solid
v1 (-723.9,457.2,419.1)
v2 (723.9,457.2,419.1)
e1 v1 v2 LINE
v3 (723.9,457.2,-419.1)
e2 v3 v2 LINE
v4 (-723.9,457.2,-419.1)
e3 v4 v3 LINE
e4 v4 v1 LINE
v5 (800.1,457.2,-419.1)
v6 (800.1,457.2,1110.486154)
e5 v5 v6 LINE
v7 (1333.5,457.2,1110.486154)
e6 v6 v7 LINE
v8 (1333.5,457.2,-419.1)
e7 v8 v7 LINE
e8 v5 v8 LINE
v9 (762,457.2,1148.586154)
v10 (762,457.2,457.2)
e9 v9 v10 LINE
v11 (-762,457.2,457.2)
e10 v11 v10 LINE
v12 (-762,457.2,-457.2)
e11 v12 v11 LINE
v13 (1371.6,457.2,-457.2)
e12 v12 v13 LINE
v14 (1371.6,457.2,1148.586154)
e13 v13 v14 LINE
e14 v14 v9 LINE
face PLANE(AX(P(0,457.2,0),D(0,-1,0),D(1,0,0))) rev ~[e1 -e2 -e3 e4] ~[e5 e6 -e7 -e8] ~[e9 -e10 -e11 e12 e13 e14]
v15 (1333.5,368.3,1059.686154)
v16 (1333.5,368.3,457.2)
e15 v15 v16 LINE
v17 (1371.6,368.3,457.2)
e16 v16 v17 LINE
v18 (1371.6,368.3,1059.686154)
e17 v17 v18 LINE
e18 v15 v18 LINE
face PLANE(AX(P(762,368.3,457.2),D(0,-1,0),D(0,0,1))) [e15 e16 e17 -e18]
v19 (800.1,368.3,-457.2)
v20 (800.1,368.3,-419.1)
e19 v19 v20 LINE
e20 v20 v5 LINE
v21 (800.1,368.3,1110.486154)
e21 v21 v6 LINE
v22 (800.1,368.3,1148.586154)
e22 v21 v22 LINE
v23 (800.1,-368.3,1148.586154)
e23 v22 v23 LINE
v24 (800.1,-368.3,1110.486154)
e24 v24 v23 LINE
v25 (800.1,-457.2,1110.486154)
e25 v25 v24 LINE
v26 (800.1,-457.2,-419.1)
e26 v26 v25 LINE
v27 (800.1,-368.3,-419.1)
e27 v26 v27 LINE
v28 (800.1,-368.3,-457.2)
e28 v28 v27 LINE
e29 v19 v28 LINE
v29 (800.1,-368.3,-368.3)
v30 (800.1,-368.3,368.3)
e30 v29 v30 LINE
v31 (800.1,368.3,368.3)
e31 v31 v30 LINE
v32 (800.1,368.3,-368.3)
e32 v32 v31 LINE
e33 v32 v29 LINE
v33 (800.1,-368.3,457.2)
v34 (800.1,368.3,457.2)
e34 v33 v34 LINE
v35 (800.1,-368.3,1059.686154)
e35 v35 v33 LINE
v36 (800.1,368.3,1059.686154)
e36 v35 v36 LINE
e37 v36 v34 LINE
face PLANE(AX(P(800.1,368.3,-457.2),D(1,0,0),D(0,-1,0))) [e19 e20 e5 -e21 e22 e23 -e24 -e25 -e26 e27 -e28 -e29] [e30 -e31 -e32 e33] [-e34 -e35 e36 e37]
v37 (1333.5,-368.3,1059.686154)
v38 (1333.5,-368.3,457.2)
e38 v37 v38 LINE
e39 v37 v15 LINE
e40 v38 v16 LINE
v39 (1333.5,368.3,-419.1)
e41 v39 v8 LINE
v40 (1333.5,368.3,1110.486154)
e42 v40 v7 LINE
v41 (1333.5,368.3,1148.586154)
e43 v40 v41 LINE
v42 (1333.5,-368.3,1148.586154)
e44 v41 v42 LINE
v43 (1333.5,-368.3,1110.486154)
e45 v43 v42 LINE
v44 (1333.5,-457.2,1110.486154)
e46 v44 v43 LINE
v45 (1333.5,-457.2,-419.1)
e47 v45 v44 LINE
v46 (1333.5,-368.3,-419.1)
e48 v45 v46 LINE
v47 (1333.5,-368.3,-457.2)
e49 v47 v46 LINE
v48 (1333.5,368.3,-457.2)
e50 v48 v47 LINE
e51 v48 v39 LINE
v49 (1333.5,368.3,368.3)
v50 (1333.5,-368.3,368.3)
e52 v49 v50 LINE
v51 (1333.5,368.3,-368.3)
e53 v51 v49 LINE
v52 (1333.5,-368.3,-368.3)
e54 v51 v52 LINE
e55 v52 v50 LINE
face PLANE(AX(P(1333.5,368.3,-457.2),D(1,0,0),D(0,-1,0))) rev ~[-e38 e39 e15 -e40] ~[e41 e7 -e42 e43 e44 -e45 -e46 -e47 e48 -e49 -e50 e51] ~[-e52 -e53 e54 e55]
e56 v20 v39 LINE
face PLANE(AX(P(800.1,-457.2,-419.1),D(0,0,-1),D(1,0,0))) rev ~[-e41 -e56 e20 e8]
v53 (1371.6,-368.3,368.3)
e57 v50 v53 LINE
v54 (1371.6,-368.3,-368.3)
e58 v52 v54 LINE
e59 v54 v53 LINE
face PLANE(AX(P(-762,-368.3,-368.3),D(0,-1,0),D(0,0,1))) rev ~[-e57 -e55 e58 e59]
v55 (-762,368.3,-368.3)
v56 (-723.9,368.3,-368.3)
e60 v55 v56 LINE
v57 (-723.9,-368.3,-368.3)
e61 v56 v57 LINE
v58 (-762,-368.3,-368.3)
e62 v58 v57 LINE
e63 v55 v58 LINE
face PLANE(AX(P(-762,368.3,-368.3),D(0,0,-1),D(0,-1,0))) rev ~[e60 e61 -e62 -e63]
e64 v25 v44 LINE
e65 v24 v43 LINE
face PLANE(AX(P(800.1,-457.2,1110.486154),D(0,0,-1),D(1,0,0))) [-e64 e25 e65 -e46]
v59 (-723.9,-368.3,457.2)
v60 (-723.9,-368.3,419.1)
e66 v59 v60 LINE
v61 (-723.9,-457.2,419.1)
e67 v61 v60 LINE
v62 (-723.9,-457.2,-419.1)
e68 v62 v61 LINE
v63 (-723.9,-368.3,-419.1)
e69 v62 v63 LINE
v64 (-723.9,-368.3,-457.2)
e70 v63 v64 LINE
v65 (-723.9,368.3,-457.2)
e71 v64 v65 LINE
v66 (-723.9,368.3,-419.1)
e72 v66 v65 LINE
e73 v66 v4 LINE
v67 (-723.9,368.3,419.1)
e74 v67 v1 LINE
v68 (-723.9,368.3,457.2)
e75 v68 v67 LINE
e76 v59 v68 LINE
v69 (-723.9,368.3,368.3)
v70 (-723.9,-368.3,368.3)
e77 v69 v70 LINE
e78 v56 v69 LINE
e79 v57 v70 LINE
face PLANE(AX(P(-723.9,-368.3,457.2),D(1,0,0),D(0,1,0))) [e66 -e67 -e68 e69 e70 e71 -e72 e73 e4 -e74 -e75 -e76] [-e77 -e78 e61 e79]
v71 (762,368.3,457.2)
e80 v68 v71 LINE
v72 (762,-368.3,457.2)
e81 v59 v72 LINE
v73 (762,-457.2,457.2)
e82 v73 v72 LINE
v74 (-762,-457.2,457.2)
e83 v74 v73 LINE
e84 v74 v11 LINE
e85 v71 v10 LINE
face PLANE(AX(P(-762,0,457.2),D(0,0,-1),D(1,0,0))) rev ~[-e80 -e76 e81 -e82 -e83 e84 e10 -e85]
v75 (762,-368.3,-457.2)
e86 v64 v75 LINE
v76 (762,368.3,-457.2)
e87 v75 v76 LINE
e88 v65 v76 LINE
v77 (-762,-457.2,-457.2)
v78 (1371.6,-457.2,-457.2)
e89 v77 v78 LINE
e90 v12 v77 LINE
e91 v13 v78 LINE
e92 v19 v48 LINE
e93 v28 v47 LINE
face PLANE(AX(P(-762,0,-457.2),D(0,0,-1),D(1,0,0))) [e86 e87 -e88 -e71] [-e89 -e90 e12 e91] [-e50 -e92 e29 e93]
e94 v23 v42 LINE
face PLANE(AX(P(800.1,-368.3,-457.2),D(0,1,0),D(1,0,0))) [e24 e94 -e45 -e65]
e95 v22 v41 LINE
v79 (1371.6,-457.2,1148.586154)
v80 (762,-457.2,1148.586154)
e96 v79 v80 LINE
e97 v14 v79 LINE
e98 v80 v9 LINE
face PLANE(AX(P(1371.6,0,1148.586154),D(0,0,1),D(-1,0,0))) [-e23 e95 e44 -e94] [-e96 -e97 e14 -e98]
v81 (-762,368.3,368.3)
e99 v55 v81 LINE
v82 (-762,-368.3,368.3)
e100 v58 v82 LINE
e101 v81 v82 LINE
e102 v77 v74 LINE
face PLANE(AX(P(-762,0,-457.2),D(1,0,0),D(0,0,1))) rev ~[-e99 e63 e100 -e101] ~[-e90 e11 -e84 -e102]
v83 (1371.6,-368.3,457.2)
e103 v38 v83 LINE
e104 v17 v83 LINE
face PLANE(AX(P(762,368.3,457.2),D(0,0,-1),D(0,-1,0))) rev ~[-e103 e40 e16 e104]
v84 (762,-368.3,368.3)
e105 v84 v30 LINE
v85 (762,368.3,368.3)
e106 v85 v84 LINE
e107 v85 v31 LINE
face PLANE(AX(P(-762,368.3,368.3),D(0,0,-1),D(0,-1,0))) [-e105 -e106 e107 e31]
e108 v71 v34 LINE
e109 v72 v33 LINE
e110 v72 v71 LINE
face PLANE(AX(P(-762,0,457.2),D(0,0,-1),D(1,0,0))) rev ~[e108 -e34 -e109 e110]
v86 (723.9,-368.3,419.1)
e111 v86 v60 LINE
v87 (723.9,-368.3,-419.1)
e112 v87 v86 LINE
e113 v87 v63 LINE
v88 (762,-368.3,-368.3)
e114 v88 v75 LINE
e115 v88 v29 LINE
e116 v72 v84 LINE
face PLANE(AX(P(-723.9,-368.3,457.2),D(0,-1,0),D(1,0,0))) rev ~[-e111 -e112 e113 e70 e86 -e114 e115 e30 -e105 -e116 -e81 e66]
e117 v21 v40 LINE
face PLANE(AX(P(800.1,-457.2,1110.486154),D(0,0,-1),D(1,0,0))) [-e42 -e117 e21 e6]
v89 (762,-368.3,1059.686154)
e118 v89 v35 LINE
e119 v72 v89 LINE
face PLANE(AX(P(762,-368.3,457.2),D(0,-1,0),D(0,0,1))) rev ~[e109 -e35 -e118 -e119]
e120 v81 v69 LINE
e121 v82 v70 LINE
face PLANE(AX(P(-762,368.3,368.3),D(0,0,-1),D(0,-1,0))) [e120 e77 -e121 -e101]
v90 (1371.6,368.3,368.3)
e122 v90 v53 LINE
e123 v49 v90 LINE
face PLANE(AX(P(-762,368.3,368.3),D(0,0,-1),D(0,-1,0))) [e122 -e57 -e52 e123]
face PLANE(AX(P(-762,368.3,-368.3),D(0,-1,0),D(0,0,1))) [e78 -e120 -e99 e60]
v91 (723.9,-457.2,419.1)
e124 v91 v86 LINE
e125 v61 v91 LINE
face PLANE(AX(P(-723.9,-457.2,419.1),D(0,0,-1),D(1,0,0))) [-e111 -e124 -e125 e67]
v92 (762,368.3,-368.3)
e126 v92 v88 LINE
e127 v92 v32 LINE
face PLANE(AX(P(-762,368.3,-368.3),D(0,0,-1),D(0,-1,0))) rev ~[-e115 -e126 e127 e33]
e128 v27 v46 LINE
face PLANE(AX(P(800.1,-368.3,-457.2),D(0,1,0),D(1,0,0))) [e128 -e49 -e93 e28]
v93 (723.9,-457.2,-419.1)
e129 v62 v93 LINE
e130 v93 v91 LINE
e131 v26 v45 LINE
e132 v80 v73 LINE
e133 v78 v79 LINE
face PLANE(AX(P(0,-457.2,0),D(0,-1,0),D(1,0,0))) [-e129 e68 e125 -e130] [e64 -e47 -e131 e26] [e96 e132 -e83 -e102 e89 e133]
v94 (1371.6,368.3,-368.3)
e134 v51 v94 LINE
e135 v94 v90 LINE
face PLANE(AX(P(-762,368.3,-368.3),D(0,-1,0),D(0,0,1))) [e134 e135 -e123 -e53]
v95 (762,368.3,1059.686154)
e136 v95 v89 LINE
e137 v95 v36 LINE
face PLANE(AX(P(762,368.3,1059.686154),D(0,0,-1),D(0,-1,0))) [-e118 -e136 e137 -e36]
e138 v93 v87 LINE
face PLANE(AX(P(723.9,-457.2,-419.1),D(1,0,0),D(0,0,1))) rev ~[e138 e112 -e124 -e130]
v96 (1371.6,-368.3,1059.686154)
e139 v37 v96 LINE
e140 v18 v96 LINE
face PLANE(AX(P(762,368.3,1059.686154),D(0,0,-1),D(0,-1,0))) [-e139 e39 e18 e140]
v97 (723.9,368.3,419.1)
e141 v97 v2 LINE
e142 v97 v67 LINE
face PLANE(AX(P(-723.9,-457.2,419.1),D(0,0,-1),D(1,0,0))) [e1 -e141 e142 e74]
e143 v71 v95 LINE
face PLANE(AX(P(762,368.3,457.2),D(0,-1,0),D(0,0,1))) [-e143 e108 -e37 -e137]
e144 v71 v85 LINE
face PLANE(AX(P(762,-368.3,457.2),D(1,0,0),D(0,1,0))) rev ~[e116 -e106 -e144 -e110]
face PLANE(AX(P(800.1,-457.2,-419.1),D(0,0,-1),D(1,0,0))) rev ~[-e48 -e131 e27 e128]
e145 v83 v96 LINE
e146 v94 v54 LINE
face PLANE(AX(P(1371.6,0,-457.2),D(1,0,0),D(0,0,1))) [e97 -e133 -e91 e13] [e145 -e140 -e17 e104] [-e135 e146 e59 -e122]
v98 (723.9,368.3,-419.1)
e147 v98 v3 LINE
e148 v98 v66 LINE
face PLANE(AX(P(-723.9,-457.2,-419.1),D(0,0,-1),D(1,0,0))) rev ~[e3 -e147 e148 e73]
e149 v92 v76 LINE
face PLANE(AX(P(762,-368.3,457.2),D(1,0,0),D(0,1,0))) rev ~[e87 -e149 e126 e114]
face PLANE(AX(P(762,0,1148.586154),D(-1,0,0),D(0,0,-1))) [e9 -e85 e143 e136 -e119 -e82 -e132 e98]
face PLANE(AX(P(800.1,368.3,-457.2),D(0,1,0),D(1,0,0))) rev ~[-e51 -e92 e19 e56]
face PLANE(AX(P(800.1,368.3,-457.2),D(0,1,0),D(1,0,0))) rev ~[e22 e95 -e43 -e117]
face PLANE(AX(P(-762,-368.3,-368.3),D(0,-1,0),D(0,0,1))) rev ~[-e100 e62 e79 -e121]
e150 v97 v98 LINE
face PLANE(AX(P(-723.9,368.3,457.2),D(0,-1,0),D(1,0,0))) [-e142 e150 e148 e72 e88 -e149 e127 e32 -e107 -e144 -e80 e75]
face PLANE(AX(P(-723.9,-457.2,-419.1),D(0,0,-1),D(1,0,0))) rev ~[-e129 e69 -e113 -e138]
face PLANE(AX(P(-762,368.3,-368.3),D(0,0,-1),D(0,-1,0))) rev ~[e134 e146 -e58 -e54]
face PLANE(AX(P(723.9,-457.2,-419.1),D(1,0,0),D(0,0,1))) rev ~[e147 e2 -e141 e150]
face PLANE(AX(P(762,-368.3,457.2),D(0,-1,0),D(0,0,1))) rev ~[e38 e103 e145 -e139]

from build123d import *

# Parameters (mm, degrees)
F0_W      = 1524
F0_H      = 914.4
F1_DEPTH  = 457.2
F2_W      = 736.6
F2_H      = 736.6
F3_DEPTH  = 2133.6
F4_W      = 1447.8
F4_H      = 838.2
F4_W_2    = 533.4
F4_H_2    = 1529.586154
F5_DEPTH  = 914.4
F6_W      = 736.6
F6_H      = 602.486154
F7_DEPTH  = 609.6
F8_W      = 1485.9
F8_H      = 736.6
F9_DEPTH  = 914.4
F10_DEPTH = 914.4
F11_W     = 533.4
F11_H     = 736.6
F12_DEPTH = 1605.786154


with BuildPart() as f1:
    # F0 (on Front) → F1 (new body, symmetric)
    with BuildSketch(Plane.XZ):
        Rectangle(F0_W, F0_H)
        Polygon((762, 1148.586154), (762, 457.2), (762, -457.2), (1371.6, -457.2), (1371.6, 1148.586154), align=None)
    extrude(amount=F1_DEPTH, both=True)

    # F2 (on face) → F3 (cut, through all)
    with BuildSketch(Plane(origin=(-762, 0, 0), x_dir=(0, -1, 0), z_dir=(-1, 0, 0))):
        Rectangle(F2_W, F2_H)
    extrude(amount=-F3_DEPTH, mode=Mode.SUBTRACT)

    # F4 (on face) → F5 (cut, through all)
    with BuildSketch(Plane.XZ.offset(457.2)):
        Rectangle(F4_W, F4_H)
        with Locations((1066.8, 345.693077)):
            Rectangle(F4_W_2, F4_H_2)
    extrude(amount=-F5_DEPTH, mode=Mode.SUBTRACT)

    # F6 (on face) → F7 (cut, through all)
    with BuildSketch(Plane(origin=(762, 0, 0), x_dir=(0, -1, 0), z_dir=(-1, 0, 0))):
        with Locations((0, 758.443077)):
            Rectangle(F6_W, F6_H)
    extrude(amount=-F7_DEPTH, mode=Mode.SUBTRACT)

    # F8 (on face) → F9 (cut, through all)
    with BuildSketch(Plane.XY.offset(457.2)):
        with Locations((19.05, 0)):
            Rectangle(F8_W, F8_H)
    extrude(amount=-F9_DEPTH, mode=Mode.SUBTRACT)

    # F8 (on face) → F10 (cut, through all)
    with BuildSketch(Plane.XY.offset(457.2)):
        with Locations((19.05, 0)):
            Rectangle(F8_W, F8_H)
    extrude(amount=-F10_DEPTH, mode=Mode.SUBTRACT)

    # F11 (on face) → F12 (cut, through all)
    with BuildSketch(Plane(origin=(0, 0, -457.2), x_dir=(1, 0, 0), z_dir=(0, 0, -1))):
        with Locations((1066.8, 0)):
            Rectangle(F11_W, F11_H)
    extrude(amount=-F12_DEPTH, mode=Mode.SUBTRACT)


solid = f1.part
